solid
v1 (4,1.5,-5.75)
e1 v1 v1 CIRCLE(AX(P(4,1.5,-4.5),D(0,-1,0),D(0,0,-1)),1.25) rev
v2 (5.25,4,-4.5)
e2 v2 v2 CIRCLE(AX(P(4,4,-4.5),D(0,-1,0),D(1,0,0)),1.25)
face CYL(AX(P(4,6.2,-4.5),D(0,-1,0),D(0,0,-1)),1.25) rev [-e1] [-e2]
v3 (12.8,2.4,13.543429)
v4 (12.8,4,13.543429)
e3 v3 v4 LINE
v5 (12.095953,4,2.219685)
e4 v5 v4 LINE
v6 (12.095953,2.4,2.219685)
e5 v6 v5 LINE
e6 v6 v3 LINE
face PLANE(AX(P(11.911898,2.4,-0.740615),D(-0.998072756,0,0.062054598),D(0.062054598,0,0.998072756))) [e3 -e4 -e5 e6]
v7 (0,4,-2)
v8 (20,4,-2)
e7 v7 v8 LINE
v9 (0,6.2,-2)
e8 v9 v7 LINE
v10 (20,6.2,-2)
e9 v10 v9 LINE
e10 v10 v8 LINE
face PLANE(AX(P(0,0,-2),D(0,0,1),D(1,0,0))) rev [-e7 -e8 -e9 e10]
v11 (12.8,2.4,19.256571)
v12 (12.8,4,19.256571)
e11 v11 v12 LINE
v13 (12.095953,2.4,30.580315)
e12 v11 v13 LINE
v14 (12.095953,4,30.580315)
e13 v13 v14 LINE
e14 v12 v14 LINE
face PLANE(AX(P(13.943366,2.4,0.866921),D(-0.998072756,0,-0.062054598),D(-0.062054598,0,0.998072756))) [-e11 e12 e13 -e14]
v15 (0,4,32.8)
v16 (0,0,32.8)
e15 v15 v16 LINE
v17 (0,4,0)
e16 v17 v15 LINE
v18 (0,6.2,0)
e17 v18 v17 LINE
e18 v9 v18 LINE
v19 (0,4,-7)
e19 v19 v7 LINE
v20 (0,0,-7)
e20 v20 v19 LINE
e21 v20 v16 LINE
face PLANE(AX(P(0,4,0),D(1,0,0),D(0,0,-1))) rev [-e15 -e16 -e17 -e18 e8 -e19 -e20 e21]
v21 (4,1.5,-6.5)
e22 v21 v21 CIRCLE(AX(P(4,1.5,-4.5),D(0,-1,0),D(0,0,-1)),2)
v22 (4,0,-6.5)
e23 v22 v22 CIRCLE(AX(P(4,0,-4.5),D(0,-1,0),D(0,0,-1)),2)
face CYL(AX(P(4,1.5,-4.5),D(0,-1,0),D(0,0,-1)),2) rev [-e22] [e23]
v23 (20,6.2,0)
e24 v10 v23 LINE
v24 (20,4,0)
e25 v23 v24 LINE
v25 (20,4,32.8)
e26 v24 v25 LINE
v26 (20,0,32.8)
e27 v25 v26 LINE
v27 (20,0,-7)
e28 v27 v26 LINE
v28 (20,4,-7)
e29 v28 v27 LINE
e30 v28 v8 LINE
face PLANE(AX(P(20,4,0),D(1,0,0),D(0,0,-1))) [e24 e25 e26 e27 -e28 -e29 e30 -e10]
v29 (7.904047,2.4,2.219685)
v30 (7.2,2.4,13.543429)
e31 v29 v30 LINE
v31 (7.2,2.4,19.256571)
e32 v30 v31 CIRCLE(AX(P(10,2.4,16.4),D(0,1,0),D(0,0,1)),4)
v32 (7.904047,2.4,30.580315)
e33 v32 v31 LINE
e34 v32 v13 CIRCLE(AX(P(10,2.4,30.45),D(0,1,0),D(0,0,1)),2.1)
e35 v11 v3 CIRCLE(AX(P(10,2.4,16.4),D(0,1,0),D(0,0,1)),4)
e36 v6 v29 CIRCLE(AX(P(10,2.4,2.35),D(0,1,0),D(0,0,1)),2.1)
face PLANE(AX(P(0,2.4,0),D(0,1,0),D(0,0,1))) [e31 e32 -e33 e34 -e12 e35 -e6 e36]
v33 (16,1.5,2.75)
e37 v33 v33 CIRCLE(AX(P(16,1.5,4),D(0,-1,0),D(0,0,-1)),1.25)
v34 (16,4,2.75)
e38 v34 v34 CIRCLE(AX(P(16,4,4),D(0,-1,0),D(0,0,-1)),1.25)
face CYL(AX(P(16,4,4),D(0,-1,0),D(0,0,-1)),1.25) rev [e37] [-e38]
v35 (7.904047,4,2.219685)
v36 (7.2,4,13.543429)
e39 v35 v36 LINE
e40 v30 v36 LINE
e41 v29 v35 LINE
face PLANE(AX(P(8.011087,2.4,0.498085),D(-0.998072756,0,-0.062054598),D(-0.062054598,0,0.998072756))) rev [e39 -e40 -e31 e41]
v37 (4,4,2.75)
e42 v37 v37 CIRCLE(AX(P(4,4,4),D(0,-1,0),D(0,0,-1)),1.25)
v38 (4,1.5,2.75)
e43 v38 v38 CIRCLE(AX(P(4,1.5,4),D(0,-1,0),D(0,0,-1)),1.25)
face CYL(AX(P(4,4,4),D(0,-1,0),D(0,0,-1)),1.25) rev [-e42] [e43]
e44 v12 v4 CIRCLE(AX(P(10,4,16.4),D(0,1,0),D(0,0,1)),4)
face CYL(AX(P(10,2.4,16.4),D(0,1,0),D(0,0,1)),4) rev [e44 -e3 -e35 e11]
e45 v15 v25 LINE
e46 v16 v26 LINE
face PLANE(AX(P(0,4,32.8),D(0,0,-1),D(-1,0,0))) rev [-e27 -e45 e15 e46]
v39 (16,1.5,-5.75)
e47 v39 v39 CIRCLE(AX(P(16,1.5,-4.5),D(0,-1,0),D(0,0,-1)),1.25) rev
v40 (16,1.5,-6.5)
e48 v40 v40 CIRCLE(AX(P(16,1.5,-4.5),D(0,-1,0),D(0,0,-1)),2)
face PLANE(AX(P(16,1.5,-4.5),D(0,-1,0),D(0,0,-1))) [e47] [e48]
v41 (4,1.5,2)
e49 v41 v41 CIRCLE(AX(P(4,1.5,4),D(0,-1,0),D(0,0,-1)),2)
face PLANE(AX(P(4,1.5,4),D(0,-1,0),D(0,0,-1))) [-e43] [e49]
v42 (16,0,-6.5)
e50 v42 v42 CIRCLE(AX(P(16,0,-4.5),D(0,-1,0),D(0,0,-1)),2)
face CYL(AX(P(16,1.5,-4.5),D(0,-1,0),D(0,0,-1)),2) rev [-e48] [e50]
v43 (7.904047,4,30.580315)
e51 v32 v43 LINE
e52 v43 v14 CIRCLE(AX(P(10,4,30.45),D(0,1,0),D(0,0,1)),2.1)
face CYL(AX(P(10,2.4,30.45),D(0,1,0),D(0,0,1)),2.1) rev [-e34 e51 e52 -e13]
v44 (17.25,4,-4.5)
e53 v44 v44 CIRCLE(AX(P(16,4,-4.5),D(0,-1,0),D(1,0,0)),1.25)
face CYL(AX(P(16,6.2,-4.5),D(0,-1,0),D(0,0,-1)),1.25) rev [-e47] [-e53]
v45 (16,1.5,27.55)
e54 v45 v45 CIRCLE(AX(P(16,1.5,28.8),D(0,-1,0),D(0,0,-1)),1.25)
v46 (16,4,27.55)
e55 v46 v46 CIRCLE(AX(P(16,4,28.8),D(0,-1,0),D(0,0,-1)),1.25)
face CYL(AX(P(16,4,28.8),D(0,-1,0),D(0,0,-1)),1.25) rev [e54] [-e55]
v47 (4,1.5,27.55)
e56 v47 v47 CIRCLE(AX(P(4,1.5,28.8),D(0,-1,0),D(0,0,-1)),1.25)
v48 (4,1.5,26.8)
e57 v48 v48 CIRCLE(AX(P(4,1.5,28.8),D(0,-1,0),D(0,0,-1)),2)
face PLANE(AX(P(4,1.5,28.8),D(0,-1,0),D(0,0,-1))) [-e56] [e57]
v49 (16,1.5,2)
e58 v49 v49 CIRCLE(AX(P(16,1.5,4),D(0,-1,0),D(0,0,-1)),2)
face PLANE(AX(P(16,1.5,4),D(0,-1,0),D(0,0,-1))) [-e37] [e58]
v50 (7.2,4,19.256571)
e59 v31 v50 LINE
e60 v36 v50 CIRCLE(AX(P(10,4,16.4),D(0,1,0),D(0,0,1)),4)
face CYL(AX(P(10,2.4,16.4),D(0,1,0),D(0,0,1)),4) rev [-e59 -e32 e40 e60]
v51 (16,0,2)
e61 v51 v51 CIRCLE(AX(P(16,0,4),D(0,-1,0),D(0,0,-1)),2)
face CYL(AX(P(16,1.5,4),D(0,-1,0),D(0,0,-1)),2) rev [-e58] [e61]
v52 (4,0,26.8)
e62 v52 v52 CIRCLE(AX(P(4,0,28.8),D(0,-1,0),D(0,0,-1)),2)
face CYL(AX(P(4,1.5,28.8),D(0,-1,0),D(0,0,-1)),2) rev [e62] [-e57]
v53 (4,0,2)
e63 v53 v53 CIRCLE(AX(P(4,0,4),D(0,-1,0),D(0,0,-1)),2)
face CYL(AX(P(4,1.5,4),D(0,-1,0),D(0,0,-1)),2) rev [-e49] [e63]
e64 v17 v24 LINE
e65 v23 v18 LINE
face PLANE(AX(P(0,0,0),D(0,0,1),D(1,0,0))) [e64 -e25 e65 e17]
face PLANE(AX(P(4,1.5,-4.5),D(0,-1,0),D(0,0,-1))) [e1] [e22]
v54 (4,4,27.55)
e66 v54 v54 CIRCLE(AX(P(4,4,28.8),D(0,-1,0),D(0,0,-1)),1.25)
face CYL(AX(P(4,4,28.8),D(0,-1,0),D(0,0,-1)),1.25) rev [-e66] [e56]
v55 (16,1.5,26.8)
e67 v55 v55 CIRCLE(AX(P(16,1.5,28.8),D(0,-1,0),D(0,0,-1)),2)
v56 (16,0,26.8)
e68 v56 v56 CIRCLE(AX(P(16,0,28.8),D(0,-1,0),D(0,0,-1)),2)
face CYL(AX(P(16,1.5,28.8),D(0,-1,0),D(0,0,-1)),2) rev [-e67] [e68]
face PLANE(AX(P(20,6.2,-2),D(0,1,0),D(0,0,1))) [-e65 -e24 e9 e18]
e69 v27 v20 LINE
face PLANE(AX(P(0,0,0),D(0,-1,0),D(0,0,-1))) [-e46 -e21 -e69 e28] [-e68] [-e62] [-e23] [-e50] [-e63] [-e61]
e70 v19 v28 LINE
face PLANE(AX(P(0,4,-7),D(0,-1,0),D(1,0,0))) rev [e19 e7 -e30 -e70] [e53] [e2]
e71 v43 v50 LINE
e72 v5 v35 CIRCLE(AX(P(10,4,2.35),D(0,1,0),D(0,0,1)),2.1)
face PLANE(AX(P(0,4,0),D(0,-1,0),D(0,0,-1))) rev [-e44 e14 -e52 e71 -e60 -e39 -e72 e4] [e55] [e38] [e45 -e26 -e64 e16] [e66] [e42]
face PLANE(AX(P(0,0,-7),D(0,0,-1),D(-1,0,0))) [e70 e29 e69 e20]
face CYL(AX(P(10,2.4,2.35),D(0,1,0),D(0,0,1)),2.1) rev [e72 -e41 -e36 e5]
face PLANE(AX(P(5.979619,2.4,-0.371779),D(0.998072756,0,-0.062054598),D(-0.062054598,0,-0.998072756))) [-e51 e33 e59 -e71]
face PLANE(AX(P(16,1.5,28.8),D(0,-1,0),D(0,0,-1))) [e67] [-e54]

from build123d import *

# Parameters (mm, degrees)
SKETCH_1_W          = 20
SKETCH_1_H          = 32.8
EXTRUDE_1_DEPTH     = 4
CUT_EXTRUDE_1_DEPTH = 1.6
SKETCH_4_R          = 2
CUT_EXTRUDE_2_DEPTH = 1.5
SKETCH_4_3_R        = 1.25
CUT_EXTRUDE_3_DEPTH = 39.624344655
SKETCH_5_W          = 20
SKETCH_5_H          = 6.2
EXTRUDE_4_DEPTH     = 2
EXTRUDE_START       = 2
SKETCH_5_6_W        = 20
SKETCH_5_6_H        = 4
EXTRUDE_5_DEPTH     = 5
SKETCH_6_R          = 1.25
CUT_EXTRUDE_4_DEPTH = 39.913750783
SKETCH_6_3_R        = 2
CUT_EXTRUDE_5_DEPTH = 1.5


with BuildPart() as part:
    # 草图1 → 凸台-拉伸1 (new body)
    with BuildSketch(Plane(origin=(0, 0, 0), x_dir=(1, 0, 0), z_dir=(0, 1, 0))):
        with Locations((10, -16.4)):
            Rectangle(SKETCH_1_W, SKETCH_1_H)
    extrude(amount=EXTRUDE_1_DEPTH)

    # 草图3 → 切除-拉伸1 (cut)
    with BuildSketch(Plane(origin=(0, 4, 0), x_dir=(-1, 0, 0), z_dir=(0, 1, 0))):
        with BuildLine():
            Line((-12.8, 13.543428629), (-12.095952788, 2.219685343))
            ThreePointArc((-12.095952788, 2.219685343), (-10, 0.25), (-7.904047212, 2.219685343))
            Line((-7.904047212, 2.219685343), (-7.2, 13.543428629))
            ThreePointArc((-7.2, 13.543428629), (-6, 16.4), (-7.2, 19.256571371))
            Line((-7.2, 19.256571371), (-7.904047212, 30.580314657))
            ThreePointArc((-7.904047212, 30.580314657), (-10, 32.55), (-12.095952788, 30.580314657))
            Line((-12.095952788, 30.580314657), (-12.8, 19.256571371))
            ThreePointArc((-12.8, 19.256571371), (-14, 16.4), (-12.8, 13.543428629))
        make_face()
    extrude(amount=-CUT_EXTRUDE_1_DEPTH, mode=Mode.SUBTRACT)

    # 草图4 → 切除-拉伸2 (cut)
    with BuildSketch(Plane.XZ):
        with Locations(Location((4, 4, 0), (0, 0, 270))):
            Circle(SKETCH_4_R)
        with Locations(Location((4, 28.8, 0), (0, 0, 270))):
            Circle(SKETCH_4_R)
        with Locations(Location((16, 28.8, 0), (0, 0, 270))):
            Circle(SKETCH_4_R)
        with Locations(Location((16, 4, 0), (0, 0, 270))):
            Circle(SKETCH_4_R)
    extrude(amount=-CUT_EXTRUDE_2_DEPTH, mode=Mode.SUBTRACT)

    # 草图4<3> → 切除-拉伸3 (cut, through all)
    with BuildSketch(Plane.XZ):
        with Locations(Location((4, 4, 0), (0, 0, 270))):
            Circle(SKETCH_4_3_R)
        with Locations(Location((4, 28.8, 0), (0, 0, 270))):
            Circle(SKETCH_4_3_R)
        with Locations(Location((16, 4, 0), (0, 0, 270))):
            Circle(SKETCH_4_3_R)
        with Locations(Location((16, 28.8, 0), (0, 0, 270))):
            Circle(SKETCH_4_3_R)
    extrude(amount=-CUT_EXTRUDE_3_DEPTH, mode=Mode.SUBTRACT)

    # 草图5 → 凸台-拉伸4 (add)
    with BuildSketch(Plane(origin=(0, 0, 0), x_dir=(-1, 0, 0), z_dir=(0, 0, -1))):
        with Locations((-10, 3.1)):
            Rectangle(SKETCH_5_W, SKETCH_5_H)
    extrude(amount=EXTRUDE_4_DEPTH)

    # 草图5<6> → 凸台-拉伸5 (add)
    with BuildSketch(Plane(origin=(0, 0, 0), x_dir=(-1, 0, 0), z_dir=(0, 0, -1)).offset(EXTRUDE_START)):
        with Locations((-10, 2)):
            Rectangle(SKETCH_5_6_W, SKETCH_5_6_H)
    extrude(amount=EXTRUDE_5_DEPTH)

    # 草图6 → 切除-拉伸4 (cut, through all)
    with BuildSketch(Plane.XZ):
        with Locations(Location((4, -4.5, 0), (0, 0, 270))):
            Circle(SKETCH_6_R)
        with Locations(Location((16, -4.5, 0), (0, 0, 270))):
            Circle(SKETCH_6_R)
    extrude(amount=-CUT_EXTRUDE_4_DEPTH, mode=Mode.SUBTRACT)

    # 草图6<3> → 切除-拉伸5 (cut)
    with BuildSketch(Plane.XZ):
        with Locations(Location((4, -4.5, 0), (0, 0, 270))):
            Circle(SKETCH_6_3_R)
        with Locations(Location((16, -4.5, 0), (0, 0, 270))):
            Circle(SKETCH_6_3_R)
    extrude(amount=-CUT_EXTRUDE_5_DEPTH, mode=Mode.SUBTRACT)


solid = part.part
